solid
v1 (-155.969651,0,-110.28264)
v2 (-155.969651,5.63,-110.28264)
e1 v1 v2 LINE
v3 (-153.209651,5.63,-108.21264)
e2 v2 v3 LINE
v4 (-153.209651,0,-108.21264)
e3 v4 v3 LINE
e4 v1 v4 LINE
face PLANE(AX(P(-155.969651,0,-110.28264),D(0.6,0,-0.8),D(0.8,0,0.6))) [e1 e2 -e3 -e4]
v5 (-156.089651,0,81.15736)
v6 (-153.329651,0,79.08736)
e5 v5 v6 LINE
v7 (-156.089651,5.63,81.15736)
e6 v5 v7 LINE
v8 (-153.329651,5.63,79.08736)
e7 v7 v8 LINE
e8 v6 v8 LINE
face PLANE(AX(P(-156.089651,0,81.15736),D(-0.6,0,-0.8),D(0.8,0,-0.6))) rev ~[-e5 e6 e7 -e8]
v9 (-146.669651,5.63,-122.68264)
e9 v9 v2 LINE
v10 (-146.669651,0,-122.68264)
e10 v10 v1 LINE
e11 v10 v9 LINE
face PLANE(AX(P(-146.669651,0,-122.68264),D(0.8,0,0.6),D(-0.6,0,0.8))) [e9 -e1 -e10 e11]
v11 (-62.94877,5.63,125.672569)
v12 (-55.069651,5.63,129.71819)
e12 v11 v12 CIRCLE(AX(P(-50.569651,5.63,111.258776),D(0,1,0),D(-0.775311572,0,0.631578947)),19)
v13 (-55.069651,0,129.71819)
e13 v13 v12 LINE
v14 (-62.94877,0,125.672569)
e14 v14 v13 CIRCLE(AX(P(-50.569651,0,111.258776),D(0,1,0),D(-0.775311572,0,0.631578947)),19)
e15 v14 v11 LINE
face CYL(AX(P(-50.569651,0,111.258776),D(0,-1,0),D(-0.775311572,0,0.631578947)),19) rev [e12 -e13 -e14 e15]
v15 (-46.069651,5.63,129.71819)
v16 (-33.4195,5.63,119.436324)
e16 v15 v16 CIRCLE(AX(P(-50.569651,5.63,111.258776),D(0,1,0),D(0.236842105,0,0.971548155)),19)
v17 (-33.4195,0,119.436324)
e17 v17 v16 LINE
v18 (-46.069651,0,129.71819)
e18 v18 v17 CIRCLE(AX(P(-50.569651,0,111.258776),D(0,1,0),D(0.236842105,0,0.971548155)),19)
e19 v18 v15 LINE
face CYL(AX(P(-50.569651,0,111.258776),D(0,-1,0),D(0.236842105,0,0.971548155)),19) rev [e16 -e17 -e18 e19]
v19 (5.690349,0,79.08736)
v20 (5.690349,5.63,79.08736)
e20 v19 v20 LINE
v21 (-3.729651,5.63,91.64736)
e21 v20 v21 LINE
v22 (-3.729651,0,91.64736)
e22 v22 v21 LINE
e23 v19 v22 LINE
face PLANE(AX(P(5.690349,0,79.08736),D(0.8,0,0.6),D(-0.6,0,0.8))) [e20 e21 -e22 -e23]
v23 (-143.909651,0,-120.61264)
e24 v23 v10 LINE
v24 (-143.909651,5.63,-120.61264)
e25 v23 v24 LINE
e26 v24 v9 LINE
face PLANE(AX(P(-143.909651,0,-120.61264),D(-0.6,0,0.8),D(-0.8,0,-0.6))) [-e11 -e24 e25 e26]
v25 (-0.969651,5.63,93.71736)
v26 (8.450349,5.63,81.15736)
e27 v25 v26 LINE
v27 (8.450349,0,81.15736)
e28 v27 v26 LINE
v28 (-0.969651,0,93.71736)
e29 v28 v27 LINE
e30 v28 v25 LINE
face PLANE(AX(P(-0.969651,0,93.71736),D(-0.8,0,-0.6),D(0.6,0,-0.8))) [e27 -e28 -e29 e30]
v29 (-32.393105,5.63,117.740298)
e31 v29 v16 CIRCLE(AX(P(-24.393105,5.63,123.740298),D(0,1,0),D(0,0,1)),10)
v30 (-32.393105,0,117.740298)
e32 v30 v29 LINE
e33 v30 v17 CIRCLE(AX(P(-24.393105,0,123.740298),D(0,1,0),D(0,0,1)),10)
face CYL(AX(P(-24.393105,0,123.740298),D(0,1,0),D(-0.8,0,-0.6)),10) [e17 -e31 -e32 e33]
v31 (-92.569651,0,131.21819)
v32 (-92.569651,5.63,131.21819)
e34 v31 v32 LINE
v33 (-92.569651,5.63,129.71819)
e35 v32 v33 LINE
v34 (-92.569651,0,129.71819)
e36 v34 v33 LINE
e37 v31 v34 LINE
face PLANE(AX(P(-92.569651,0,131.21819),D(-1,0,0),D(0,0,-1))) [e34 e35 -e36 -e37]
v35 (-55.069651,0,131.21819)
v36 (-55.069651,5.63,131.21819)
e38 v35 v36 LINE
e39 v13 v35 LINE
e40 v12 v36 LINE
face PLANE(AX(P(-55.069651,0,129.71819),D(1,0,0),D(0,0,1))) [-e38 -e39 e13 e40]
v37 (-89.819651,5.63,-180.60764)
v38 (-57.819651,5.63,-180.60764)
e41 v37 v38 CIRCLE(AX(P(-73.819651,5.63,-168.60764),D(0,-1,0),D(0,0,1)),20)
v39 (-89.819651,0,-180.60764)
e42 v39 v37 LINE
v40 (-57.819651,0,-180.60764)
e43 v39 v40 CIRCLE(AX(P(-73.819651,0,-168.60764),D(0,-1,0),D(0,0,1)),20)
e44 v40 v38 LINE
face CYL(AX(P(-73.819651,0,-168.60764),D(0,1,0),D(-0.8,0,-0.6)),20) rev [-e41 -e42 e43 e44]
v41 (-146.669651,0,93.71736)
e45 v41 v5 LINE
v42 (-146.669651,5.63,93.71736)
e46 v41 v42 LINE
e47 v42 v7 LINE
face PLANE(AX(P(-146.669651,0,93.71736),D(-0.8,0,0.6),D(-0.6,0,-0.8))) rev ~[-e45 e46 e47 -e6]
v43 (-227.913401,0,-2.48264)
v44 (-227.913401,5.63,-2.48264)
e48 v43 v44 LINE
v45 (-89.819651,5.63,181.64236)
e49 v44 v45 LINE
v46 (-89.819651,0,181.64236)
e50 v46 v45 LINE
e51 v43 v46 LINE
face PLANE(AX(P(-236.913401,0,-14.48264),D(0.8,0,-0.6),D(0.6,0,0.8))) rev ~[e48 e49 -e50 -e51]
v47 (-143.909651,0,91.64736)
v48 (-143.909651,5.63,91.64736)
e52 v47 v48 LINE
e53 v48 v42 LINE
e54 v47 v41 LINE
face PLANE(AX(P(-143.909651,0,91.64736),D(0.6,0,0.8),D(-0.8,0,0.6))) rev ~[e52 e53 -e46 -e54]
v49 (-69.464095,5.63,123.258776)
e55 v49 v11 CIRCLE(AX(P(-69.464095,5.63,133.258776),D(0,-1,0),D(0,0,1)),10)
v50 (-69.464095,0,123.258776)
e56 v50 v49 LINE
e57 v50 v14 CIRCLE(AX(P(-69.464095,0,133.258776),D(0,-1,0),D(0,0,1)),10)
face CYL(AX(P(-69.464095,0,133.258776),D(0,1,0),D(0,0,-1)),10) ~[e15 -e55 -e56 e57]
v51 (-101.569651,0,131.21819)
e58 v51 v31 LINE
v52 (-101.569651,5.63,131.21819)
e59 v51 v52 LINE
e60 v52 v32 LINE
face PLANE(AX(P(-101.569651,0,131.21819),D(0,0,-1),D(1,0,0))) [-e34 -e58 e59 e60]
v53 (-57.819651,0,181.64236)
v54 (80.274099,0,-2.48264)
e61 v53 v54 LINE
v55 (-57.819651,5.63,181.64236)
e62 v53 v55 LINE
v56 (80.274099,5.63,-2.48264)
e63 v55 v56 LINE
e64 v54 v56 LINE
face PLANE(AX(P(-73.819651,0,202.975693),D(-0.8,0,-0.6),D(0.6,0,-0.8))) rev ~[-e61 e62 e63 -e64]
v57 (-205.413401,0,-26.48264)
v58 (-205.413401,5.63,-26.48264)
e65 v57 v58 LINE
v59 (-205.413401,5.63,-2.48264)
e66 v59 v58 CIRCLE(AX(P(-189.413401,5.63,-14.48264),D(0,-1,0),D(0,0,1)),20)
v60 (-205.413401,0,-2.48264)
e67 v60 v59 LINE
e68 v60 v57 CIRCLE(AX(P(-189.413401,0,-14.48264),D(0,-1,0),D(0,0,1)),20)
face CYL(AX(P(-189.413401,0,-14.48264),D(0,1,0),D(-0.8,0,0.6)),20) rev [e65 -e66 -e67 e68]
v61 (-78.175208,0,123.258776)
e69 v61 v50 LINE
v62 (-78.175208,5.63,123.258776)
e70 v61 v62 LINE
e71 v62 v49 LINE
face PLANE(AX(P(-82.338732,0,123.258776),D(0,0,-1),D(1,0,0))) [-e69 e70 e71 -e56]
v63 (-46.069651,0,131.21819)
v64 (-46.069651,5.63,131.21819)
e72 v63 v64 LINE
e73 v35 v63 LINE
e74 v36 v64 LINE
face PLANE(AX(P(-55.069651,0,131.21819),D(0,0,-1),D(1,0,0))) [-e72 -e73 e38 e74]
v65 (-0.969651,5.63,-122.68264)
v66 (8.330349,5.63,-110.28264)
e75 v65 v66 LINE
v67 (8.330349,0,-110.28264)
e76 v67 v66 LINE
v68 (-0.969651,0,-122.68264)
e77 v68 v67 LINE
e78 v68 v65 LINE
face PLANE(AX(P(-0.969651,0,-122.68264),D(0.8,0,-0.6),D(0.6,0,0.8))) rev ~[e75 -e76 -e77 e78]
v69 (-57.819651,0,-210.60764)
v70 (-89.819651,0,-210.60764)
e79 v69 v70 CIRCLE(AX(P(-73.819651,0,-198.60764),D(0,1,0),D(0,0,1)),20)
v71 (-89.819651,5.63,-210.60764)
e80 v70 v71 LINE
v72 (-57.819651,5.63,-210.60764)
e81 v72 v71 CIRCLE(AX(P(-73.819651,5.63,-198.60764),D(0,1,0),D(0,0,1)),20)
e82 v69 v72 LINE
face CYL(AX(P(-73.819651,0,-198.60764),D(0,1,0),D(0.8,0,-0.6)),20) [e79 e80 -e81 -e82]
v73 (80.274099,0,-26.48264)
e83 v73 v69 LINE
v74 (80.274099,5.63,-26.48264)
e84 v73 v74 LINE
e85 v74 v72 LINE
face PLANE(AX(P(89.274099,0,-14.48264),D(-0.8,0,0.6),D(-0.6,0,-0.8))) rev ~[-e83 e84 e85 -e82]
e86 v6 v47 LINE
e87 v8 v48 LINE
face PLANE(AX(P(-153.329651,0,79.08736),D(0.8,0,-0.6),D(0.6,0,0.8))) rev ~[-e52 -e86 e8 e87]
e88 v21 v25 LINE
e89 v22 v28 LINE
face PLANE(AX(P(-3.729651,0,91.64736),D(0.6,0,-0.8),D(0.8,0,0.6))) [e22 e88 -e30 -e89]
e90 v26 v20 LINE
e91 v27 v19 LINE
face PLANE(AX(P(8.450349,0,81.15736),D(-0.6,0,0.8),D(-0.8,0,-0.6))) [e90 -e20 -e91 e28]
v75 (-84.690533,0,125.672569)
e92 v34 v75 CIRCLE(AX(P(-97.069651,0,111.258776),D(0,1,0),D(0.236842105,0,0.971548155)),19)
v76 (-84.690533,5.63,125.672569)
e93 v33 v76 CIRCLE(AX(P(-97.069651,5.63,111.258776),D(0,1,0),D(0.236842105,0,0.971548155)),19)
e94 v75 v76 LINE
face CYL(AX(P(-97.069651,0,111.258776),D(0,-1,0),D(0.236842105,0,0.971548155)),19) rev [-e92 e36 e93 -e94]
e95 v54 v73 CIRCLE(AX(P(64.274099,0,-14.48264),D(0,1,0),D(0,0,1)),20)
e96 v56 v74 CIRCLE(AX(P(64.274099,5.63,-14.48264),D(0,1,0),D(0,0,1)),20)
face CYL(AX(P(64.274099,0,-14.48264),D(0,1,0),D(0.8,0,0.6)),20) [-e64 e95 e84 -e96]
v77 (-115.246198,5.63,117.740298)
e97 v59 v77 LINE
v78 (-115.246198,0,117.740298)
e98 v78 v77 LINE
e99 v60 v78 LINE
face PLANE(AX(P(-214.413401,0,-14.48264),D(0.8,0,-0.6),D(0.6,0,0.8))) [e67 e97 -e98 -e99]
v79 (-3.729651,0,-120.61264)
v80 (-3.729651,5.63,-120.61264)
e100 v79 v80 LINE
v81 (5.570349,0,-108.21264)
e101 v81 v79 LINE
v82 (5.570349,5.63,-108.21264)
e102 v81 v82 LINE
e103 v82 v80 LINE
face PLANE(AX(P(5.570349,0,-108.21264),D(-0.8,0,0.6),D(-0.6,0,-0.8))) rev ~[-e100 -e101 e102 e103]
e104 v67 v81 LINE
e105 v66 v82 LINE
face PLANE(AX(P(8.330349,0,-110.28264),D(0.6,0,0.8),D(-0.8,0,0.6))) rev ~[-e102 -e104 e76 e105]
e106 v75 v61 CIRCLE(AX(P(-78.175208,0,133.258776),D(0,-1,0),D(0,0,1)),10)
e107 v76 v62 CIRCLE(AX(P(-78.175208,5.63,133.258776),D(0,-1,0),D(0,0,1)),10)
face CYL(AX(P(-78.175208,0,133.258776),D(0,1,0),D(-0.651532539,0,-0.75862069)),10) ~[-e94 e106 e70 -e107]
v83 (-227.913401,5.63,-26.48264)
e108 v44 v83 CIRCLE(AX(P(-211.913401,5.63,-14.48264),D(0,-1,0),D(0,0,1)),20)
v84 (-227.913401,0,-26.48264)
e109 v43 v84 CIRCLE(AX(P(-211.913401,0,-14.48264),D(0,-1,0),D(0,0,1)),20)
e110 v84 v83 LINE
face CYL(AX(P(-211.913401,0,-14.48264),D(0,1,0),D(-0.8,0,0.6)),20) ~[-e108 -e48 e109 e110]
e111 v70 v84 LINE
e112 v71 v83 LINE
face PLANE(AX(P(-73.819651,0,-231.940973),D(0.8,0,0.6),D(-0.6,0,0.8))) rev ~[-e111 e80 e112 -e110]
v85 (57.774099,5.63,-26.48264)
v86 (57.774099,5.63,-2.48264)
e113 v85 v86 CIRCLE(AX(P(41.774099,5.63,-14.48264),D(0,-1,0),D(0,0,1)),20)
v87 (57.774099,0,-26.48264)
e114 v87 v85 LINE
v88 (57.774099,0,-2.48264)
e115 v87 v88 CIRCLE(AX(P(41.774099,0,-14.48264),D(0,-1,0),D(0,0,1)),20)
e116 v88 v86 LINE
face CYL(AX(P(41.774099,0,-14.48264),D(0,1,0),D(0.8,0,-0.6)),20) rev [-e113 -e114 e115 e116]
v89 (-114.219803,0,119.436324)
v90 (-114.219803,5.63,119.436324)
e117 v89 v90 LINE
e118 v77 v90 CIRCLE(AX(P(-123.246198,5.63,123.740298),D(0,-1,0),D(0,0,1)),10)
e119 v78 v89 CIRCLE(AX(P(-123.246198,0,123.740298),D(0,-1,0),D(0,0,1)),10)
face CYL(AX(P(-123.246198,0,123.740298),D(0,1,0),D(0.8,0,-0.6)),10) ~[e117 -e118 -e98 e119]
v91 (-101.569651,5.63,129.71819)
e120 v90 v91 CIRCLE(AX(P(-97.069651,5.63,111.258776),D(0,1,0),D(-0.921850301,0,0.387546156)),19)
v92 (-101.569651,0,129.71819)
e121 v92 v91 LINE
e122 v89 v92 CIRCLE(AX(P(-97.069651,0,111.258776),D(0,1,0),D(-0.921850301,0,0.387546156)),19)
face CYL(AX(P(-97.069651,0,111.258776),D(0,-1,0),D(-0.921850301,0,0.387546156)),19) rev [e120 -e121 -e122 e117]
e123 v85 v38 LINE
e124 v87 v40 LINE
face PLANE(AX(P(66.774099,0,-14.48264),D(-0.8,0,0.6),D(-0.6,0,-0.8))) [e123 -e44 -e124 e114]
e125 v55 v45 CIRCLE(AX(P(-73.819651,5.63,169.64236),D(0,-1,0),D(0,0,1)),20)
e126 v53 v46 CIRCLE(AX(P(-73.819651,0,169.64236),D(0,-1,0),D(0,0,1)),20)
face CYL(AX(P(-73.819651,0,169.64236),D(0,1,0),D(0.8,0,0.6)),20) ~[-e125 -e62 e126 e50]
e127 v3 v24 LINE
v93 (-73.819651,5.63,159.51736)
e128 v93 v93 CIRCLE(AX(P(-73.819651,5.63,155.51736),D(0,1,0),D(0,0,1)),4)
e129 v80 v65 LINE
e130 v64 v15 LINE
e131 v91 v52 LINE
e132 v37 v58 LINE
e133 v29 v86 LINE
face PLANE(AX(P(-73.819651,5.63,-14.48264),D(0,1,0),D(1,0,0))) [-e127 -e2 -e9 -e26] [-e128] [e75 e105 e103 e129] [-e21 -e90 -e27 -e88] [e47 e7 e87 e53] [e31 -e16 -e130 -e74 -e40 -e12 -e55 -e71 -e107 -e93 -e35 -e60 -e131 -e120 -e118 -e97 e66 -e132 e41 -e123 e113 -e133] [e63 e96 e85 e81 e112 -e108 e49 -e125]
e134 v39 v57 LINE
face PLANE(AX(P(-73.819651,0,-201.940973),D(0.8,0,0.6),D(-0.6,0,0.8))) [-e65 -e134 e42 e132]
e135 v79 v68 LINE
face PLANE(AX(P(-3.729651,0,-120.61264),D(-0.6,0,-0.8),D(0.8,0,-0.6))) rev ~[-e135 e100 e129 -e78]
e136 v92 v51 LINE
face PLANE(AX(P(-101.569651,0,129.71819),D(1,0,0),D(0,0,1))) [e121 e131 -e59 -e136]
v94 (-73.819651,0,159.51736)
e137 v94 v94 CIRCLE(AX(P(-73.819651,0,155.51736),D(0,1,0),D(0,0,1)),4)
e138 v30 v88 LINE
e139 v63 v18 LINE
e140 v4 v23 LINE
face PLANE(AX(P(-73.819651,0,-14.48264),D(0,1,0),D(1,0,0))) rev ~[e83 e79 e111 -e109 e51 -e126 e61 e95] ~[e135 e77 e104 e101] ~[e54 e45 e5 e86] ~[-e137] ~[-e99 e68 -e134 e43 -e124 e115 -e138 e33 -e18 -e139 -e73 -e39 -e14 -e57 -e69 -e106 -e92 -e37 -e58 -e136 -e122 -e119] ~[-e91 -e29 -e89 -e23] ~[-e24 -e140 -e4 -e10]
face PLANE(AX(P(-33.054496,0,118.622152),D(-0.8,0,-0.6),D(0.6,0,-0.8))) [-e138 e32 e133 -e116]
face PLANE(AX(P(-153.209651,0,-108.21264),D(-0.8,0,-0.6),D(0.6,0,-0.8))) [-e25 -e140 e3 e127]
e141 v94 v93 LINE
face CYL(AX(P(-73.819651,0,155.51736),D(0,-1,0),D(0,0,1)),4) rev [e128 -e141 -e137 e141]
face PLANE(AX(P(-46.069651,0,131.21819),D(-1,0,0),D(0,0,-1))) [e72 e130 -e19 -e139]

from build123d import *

# Parameters (mm, degrees)
SKETCH1_R           = 4
BOSS_EXTRUDE1_DEPTH = 5.63
FILLET1_R           = 20
FILLET2_R           = 20
FILLET3_R           = 10


with BuildPart() as part:
    # Sketch1 → Boss-Extrude1 (new body)
    with BuildSketch(Plane(origin=(0, 0, 0), x_dir=(1, 0, 0), z_dir=(0, 1, 0))):
        Polygon((-73.819651424, -202.975693425), (89.274098576, 14.482639908), (-73.819651424, 231.940973242), (-236.913401424, 14.482639908), align=None)
        with Locations(Location((-73.819651424, -155.517360092, 0), (0, 0, 270))):
            Circle(SKETCH1_R, mode=Mode.SUBTRACT)
        with BuildLine():
            Line((-214.413401424, 14.482639908), (-114.584807136, -118.622152475))
            ThreePointArc((-114.584807136, -118.622152475), (-109.396341366, -125.717430875), (-101.569651424, -129.718190449))
            Line((-101.569651424, -129.718190449), (-101.569651424, -131.218190449))
            Line((-101.569651424, -131.218190449), (-92.569651424, -131.218190449))
            Line((-92.569651424, -131.218190449), (-92.569651424, -129.718190449))
            ThreePointArc((-92.569651424, -129.718190449), (-86.926275258, -127.32463745), (-82.338731561, -123.258775507))
            Line((-82.338731561, -123.258775507), (-65.300571287, -123.258775507))
            ThreePointArc((-65.300571287, -123.258775507), (-60.71302759, -127.32463745), (-55.069651424, -129.718190449))
            Line((-55.069651424, -129.718190449), (-55.069651424, -131.218190449))
            Line((-55.069651424, -131.218190449), (-46.069651424, -131.218190449))
            Line((-46.069651424, -131.218190449), (-46.069651424, -129.718190449))
            ThreePointArc((-46.069651424, -129.718190449), (-38.242961482, -125.717430875), (-33.054495712, -118.622152475))
            Line((-33.054495712, -118.622152475), (66.774098576, 14.482639908))
            Line((66.774098576, 14.482639908), (-73.819651424, 201.940973242))
            Line((-73.819651424, 201.940973242), (-214.413401424, 14.482639908))
        make_face(mode=Mode.SUBTRACT)
        Polygon((-156.089651424, -81.157360092), (-153.329651424, -79.087360092), (-143.909651424, -91.647360092), (-146.669651424, -93.717360092), align=None, mode=Mode.SUBTRACT)
        Polygon((8.450348576, -81.157360092), (5.690348576, -79.087360092), (-3.729651424, -91.647360092), (-0.969651424, -93.717360092), align=None, mode=Mode.SUBTRACT)
        Polygon((-146.669651424, 122.682639908), (-155.969651424, 110.282639908), (-153.209651424, 108.212639908), (-143.909651424, 120.612639908), align=None, mode=Mode.SUBTRACT)
        Polygon((-0.969651424, 122.682639908), (8.330348576, 110.282639908), (5.570348576, 108.212639908), (-3.729651424, 120.612639908), align=None, mode=Mode.SUBTRACT)
    extrude(amount=BOSS_EXTRUDE1_DEPTH)

    # Fillet1
    fillet1_edges = [part.edges().sort_by_distance(p)[0] for p in [
        (89.274098576, 2.815, -14.482639908),
        (-73.819651424, 2.815, 202.975693425),
        (-236.913401424, 2.815, -14.482639908),
        (-73.819651424, 2.815, -231.940973242),
    ]]
    fillet(fillet1_edges, radius=FILLET1_R)

    # Fillet2
    fillet2_edges = [part.edges().sort_by_distance(p)[0] for p in [
        (66.774098576, 2.815, -14.482639908),
        (-73.819651424, 2.815, -201.940973242),
        (-214.413401424, 2.815, -14.482639908),
    ]]
    fillet(fillet2_edges, radius=FILLET2_R)

    # Fillet3
    fillet3_edges = [part.edges().sort_by_distance(p)[0] for p in [
        (-114.584807136, 2.815, 118.622152475),
        (-82.338731561, 2.815, 123.258775507),
        (-65.300571287, 2.815, 123.258775507),
        (-33.054495712, 2.815, 118.622152475),
    ]]
    fillet(fillet3_edges, radius=FILLET3_R)


solid = part.part
